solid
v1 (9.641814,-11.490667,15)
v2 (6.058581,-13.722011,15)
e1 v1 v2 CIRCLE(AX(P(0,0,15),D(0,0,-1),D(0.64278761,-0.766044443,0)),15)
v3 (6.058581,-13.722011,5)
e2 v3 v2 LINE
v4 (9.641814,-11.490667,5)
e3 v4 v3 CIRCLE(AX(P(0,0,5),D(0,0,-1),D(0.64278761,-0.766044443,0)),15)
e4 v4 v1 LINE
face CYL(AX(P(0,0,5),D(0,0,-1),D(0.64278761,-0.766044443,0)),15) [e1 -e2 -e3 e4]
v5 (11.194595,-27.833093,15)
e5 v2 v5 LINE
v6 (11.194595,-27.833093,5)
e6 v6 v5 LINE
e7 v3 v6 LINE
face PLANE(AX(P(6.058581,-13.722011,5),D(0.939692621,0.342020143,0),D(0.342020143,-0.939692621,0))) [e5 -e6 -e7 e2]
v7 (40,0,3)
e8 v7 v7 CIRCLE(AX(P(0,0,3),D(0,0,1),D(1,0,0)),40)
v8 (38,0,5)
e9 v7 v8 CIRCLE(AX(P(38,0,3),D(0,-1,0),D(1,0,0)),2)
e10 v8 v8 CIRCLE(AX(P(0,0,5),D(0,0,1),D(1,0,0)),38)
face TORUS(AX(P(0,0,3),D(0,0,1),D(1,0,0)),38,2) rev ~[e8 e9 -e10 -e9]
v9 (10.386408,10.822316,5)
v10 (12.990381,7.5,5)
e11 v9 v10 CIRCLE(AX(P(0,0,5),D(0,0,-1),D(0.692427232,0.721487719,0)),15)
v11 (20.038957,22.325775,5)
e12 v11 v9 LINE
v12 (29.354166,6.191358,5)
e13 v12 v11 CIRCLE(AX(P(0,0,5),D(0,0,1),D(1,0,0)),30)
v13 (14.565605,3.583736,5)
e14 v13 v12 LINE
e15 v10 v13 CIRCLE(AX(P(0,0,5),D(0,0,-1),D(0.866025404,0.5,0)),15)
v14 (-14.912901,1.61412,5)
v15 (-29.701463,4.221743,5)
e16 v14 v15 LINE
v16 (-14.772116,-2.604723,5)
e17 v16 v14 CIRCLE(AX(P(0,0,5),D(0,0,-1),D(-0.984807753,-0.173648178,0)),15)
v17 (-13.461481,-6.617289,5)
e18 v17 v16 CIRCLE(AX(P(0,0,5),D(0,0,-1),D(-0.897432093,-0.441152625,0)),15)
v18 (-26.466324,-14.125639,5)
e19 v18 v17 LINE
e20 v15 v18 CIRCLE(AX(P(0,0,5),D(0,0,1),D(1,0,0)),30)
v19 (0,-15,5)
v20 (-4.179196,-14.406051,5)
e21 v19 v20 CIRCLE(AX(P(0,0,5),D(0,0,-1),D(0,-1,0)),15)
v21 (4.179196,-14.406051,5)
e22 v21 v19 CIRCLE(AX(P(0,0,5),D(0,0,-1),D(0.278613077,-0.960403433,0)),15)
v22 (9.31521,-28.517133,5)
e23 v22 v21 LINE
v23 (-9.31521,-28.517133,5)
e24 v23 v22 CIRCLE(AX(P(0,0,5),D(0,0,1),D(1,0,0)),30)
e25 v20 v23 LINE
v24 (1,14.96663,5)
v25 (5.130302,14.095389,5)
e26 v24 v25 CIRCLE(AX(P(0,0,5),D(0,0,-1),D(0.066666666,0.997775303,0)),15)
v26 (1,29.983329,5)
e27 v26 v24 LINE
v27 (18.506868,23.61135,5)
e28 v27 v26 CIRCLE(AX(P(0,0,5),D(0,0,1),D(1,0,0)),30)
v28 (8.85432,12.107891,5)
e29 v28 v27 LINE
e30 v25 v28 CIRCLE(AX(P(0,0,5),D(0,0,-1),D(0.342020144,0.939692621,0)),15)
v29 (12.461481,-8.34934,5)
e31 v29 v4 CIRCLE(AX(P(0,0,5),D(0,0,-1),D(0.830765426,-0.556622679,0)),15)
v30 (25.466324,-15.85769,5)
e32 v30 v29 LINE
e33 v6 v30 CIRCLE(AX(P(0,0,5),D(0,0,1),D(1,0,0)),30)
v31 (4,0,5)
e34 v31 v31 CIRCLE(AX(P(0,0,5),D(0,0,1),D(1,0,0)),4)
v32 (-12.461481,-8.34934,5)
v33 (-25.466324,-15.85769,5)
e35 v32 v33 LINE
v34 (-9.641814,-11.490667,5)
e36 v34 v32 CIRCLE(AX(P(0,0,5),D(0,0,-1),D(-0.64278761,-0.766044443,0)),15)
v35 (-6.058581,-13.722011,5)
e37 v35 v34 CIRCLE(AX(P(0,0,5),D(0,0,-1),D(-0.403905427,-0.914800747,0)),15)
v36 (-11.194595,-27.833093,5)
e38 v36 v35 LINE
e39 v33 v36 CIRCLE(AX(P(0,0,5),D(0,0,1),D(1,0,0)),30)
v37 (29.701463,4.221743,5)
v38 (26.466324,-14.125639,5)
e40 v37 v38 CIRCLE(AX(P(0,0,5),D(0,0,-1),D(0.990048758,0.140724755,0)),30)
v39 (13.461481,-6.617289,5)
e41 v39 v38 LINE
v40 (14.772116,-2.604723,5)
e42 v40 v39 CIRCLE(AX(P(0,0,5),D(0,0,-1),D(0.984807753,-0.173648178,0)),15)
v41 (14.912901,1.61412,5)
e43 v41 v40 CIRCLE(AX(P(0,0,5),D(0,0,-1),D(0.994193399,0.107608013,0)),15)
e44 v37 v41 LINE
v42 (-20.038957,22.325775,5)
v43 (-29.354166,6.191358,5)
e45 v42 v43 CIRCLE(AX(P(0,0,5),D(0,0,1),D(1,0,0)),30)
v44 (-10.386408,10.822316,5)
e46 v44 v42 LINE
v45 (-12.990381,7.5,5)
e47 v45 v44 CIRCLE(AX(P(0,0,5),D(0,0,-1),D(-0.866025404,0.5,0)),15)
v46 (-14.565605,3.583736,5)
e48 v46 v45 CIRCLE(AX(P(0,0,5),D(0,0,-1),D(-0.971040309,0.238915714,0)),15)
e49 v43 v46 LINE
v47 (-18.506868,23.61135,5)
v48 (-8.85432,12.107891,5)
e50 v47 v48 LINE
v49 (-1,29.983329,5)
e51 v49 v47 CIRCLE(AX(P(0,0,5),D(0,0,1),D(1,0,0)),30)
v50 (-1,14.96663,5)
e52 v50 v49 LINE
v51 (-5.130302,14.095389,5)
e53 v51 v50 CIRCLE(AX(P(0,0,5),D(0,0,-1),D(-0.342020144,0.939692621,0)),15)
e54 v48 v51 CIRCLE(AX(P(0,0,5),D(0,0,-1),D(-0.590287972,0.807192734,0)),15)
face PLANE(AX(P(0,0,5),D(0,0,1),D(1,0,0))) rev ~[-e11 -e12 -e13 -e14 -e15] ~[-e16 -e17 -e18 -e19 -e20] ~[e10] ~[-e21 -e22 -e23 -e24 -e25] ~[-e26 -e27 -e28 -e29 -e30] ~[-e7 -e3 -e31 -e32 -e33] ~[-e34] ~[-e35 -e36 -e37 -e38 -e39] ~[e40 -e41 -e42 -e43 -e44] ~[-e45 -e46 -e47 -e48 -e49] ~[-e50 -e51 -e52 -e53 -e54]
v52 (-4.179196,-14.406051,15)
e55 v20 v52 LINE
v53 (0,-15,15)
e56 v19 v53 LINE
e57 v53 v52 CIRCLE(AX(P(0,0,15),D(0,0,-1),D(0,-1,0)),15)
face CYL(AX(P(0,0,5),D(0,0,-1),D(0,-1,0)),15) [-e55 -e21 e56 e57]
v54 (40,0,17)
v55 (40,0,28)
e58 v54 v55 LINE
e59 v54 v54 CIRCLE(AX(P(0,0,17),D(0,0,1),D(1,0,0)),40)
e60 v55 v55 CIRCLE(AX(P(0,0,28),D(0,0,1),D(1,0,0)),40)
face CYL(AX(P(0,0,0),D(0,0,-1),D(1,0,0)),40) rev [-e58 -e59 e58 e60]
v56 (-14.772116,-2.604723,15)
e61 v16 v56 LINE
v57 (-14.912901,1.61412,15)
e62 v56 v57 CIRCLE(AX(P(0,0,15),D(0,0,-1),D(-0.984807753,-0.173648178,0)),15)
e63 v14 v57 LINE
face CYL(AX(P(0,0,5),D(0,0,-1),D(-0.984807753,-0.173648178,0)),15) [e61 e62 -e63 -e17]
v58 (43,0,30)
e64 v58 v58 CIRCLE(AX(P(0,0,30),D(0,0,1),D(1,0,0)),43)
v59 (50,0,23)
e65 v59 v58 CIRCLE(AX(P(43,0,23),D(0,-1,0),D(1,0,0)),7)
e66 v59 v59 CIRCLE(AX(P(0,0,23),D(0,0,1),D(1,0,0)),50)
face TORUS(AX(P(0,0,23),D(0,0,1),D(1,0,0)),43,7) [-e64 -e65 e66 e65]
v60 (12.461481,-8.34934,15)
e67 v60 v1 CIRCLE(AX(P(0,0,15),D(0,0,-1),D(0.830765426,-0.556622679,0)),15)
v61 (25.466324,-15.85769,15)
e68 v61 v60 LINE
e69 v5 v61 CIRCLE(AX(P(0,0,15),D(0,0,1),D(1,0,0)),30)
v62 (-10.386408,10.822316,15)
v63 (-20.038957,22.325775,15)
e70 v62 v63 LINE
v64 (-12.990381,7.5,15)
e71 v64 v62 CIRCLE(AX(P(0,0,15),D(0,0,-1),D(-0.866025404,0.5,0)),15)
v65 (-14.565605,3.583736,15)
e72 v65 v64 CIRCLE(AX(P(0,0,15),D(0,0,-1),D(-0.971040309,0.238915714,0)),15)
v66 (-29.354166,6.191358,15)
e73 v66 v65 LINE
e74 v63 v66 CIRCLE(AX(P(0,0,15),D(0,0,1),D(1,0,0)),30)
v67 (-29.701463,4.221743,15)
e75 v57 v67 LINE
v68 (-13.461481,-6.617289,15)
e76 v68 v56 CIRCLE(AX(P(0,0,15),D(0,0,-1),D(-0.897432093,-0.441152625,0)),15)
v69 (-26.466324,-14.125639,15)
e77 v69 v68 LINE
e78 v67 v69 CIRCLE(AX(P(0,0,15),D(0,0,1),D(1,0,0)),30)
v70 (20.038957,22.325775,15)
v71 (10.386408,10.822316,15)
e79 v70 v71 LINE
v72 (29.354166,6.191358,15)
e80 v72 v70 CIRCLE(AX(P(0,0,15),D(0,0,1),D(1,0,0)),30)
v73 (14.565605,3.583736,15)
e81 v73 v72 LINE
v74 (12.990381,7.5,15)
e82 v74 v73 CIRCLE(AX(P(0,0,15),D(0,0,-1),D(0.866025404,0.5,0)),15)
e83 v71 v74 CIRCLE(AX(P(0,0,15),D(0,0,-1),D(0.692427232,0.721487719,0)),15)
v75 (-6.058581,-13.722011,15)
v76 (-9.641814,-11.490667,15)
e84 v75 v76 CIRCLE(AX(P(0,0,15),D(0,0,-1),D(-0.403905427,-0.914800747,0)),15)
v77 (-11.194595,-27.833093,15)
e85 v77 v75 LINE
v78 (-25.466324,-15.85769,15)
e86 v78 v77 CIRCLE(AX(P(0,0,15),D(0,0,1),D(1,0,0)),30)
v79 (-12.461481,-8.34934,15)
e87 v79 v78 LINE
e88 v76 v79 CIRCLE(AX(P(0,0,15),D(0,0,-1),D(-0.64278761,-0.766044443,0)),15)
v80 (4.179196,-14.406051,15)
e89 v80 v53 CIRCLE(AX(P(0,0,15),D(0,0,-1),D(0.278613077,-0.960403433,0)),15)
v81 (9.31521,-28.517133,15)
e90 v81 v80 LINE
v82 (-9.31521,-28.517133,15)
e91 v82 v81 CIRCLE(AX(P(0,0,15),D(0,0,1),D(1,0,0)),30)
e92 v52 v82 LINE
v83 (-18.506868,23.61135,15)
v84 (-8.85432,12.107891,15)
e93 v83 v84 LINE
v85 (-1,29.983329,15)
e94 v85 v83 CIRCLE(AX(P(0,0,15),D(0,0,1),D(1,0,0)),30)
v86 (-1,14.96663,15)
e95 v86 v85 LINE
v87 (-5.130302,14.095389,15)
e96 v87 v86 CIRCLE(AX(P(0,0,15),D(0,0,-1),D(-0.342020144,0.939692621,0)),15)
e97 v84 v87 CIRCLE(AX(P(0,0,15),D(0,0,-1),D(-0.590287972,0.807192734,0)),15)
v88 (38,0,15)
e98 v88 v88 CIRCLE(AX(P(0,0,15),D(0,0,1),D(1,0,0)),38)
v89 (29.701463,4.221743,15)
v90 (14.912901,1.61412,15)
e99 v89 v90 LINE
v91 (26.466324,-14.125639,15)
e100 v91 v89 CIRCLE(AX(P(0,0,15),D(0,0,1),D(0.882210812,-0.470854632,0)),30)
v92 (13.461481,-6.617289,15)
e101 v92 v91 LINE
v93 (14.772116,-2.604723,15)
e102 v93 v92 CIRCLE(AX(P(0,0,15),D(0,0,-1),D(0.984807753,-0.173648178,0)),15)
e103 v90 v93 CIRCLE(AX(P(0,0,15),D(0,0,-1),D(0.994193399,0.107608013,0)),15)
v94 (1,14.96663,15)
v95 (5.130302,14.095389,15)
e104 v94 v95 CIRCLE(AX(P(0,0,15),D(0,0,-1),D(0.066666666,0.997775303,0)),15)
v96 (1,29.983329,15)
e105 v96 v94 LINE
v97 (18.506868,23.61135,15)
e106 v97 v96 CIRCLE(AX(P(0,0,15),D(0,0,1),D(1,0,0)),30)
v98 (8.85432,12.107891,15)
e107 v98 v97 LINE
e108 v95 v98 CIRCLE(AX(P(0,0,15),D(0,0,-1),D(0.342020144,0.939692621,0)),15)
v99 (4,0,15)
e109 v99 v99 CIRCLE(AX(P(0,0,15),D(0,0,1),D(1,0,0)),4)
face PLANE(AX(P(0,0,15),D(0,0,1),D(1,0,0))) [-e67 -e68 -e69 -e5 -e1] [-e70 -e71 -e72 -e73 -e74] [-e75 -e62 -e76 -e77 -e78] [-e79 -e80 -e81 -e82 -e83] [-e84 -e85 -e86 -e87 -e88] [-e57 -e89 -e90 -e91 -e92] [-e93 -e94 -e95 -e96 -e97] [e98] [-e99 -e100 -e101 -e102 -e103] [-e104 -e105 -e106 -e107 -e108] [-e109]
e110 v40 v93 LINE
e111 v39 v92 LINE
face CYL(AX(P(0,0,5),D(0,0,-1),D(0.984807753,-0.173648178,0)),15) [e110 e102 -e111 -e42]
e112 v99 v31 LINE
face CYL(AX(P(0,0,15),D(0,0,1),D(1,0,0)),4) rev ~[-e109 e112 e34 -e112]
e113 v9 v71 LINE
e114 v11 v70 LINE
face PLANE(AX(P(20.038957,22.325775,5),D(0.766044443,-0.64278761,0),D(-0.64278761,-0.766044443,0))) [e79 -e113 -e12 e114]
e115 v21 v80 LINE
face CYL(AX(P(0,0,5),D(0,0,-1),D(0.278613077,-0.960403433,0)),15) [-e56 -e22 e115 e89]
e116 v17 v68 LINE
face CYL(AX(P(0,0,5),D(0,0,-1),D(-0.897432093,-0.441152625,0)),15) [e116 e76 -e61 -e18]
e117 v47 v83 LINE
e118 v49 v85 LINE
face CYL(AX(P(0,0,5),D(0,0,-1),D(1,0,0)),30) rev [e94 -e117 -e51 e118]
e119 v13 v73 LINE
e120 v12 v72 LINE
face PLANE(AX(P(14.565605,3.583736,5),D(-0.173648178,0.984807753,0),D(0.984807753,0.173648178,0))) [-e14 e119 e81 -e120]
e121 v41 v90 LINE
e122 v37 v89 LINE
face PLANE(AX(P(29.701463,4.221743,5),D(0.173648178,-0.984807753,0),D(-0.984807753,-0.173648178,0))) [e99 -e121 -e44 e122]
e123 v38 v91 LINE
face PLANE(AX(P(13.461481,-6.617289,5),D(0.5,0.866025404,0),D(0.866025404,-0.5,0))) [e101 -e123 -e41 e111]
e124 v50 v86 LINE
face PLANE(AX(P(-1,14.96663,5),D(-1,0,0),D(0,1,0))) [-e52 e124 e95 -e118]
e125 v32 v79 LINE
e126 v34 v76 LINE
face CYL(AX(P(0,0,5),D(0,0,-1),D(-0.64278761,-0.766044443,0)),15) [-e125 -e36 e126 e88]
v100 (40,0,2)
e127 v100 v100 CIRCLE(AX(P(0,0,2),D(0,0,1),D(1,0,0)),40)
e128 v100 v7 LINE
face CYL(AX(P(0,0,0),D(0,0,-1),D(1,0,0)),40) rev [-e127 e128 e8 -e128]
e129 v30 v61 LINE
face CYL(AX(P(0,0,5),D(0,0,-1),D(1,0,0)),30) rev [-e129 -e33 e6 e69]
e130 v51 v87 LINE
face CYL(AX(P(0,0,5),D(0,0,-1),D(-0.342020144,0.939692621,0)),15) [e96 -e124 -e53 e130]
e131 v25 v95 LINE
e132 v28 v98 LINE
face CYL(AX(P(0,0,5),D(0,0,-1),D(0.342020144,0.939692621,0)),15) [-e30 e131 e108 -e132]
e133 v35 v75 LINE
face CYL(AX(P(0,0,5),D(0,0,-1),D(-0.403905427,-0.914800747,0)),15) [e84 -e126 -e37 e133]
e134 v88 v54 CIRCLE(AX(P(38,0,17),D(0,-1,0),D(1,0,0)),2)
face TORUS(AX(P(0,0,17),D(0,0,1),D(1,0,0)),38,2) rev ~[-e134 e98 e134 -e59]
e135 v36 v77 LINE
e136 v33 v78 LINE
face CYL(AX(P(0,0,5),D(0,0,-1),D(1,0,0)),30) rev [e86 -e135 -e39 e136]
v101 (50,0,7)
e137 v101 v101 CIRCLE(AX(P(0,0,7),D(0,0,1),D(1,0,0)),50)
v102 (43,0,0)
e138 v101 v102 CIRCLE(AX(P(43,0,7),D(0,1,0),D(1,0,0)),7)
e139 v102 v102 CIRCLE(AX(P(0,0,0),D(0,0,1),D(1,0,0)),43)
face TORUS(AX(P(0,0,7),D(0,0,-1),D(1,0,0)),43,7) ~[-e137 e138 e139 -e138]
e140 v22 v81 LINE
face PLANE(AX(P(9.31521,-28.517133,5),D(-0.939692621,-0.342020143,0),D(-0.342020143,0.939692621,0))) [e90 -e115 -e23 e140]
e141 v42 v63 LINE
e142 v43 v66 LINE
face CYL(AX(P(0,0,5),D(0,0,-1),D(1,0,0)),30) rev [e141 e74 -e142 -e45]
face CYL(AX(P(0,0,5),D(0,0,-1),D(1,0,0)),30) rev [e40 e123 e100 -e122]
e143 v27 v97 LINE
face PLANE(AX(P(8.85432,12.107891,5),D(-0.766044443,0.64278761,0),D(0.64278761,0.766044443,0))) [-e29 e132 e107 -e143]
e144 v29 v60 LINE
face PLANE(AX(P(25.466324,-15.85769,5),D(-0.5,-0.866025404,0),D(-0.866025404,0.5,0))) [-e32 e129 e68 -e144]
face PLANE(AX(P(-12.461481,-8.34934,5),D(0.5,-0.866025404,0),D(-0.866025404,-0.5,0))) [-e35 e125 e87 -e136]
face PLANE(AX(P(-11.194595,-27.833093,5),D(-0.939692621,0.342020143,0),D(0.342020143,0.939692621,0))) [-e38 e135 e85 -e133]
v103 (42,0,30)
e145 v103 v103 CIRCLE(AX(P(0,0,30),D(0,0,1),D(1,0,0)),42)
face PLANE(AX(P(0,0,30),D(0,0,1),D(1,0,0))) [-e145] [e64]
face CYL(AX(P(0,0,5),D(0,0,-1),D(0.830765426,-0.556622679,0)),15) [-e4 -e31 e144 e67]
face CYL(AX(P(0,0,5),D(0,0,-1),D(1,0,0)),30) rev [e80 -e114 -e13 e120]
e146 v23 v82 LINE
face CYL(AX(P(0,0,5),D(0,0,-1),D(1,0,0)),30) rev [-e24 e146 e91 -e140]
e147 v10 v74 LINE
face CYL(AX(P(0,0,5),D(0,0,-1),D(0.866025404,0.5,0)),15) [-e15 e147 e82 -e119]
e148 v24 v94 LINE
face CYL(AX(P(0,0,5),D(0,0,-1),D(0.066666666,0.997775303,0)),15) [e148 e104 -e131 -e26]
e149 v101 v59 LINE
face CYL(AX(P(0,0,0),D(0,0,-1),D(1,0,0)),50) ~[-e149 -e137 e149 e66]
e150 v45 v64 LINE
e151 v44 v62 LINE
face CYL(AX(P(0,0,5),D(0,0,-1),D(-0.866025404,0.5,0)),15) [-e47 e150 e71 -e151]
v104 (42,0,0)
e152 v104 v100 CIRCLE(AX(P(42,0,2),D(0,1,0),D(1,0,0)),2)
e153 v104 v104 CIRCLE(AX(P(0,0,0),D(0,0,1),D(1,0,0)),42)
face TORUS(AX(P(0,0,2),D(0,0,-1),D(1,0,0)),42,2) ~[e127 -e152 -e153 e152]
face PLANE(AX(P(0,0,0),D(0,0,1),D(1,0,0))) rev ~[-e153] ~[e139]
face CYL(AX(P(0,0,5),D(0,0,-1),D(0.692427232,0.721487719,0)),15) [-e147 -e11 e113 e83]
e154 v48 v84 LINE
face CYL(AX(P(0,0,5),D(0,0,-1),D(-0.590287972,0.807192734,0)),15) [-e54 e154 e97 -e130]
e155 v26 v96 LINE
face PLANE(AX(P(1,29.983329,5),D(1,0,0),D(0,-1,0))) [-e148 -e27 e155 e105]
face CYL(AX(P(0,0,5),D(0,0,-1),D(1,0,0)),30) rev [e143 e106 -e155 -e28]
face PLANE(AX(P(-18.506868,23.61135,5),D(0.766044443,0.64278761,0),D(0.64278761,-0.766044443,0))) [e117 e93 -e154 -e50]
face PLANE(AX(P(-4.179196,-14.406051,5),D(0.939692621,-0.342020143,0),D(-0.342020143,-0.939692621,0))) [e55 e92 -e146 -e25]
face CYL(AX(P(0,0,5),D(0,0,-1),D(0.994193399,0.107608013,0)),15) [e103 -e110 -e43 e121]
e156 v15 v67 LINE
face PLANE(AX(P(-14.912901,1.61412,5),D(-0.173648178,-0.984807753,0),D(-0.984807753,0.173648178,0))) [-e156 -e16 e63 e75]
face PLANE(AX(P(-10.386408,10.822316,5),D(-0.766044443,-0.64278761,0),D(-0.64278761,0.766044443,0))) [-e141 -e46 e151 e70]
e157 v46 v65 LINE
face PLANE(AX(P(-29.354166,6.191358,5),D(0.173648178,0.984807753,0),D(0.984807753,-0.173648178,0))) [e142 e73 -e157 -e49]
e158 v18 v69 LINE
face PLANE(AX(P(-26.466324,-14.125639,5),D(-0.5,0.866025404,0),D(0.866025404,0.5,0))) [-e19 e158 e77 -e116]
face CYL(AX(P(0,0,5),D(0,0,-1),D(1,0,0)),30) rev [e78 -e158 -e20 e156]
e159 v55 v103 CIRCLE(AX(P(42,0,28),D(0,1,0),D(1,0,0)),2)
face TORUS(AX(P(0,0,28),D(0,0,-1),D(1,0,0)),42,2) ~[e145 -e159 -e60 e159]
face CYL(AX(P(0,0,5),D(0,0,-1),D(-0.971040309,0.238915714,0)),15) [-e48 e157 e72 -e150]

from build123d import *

# Parameters (mm, degrees)
SKETCH1_R           = 50
SKETCH1_R_2         = 40
BOSS_EXTRUDE1_DEPTH = 30
FILLET1_R           = 7
BOSS_EXTRUDE2_START = 5
BOSS_EXTRUDE2_DEPTH = 10
BOSS_EXTRUDE3_START = -10
SKETCH4_R           = 40
SKETCH4_R_2         = 30
BOSS_EXTRUDE3_DEPTH = 10
FILLET2_R           = 2
SKETCH5_R           = 4
CUT_EXTRUDE1_DEPTH  = 10


with BuildPart() as part:
    # Sketch1 → Boss-Extrude1 (new body)
    with BuildSketch(Plane.XY):
        Circle(SKETCH1_R)
        Circle(SKETCH1_R_2, mode=Mode.SUBTRACT)
    extrude(amount=BOSS_EXTRUDE1_DEPTH)

    # Fillet1
    fillet1_edges = [part.edges().sort_by_distance(p)[0] for p in [
        (-50, 0, 0),
        (-50, 0, 30),
    ]]
    fillet(fillet1_edges, radius=FILLET1_R)



with BuildPart() as body_2:
    # Sketch3 → Boss-Extrude2 (new body)
    with BuildSketch(Plane.XY.offset(BOSS_EXTRUDE2_START)):
        with BuildLine():
            Line((-1, 14.966629547), (-1, 29.983328701))
            ThreePointArc((-1, 29.983328701), (0, 30), (1, 29.983328701))
            Line((1, 29.983328701), (1, 14.966629547))
            ThreePointArc((1, 14.966629547), (3.09595155, 14.677025721), (5.13030215, 14.095389312))
            ThreePointArc((5.13030215, 14.095389312), (7.062573799, 13.233293291), (8.854319589, 12.107891006))
            Line((8.854319589, 12.107891006), (18.506867743, 23.611349947))
            ThreePointArc((18.506867743, 23.611349947), (19.283628291, 22.981333294), (20.038956629, 22.325774728))
            Line((20.038956629, 22.325774728), (10.386408475, 10.822315787))
            ThreePointArc((10.386408475, 10.822315787), (11.805846761, 9.253214698), (12.990381057, 7.5))
            ThreePointArc((12.990381057, 7.5), (13.916442376, 5.597555859), (14.565604637, 3.5837357))
            Line((14.565604637, 3.5837357), (29.354166388, 6.191358142))
            ThreePointArc((29.354166388, 6.191358142), (29.54423259, 5.20944533), (29.701462744, 4.221742636))
            Line((29.701462744, 4.221742636), (14.912900992, 1.614120194))
            ThreePointArc((14.912900992, 1.614120194), (14.991655066, -0.500278319), (14.772116295, -2.604722665))
            ThreePointArc((14.772116295, -2.604722665), (14.258652901, -4.657340169), (13.461481397, -6.61728937))
            Line((13.461481397, -6.61728937), (26.466324345, -14.125638947))
            ThreePointArc((26.466324345, -14.125638947), (25.980762114, -15), (25.466324345, -15.857689754))
            Line((25.466324345, -15.857689754), (12.461481397, -8.349340177))
            ThreePointArc((12.461481397, -8.349340177), (11.162701351, -10.019685551), (9.641814145, -11.490666647))
            ThreePointArc((9.641814145, -11.490666647), (7.929081266, -12.733014972), (6.058581404, -13.7220112))
            Line((6.058581404, -13.7220112), (11.194595001, -27.833092584))
            ThreePointArc((11.194595001, -27.833092584), (10.2606043, -28.190778624), (9.315209759, -28.51713287))
            Line((9.315209759, -28.51713287), (4.179196162, -14.406051487))
            ThreePointArc((4.179196162, -14.406051487), (2.110595615, -14.850770557), (0, -15))
            ThreePointArc((0, -15), (-2.110595615, -14.850770557), (-4.179196162, -14.406051487))
            Line((-4.179196162, -14.406051487), (-9.315209759, -28.51713287))
            ThreePointArc((-9.315209759, -28.51713287), (-10.2606043, -28.190778624), (-11.194595001, -27.833092584))
            Line((-11.194595001, -27.833092584), (-6.058581404, -13.7220112))
            ThreePointArc((-6.058581404, -13.7220112), (-7.929081266, -12.733014972), (-9.641814145, -11.490666647))
            ThreePointArc((-9.641814145, -11.490666647), (-11.162701351, -10.019685551), (-12.461481397, -8.349340177))
            Line((-12.461481397, -8.349340177), (-25.466324345, -15.857689754))
            ThreePointArc((-25.466324345, -15.857689754), (-25.980762114, -15), (-26.466324345, -14.125638947))
            Line((-26.466324345, -14.125638947), (-13.461481397, -6.61728937))
            ThreePointArc((-13.461481397, -6.61728937), (-14.258652901, -4.657340169), (-14.772116295, -2.604722665))
            ThreePointArc((-14.772116295, -2.604722665), (-14.991655066, -0.500278319), (-14.912900992, 1.614120194))
            Line((-14.912900992, 1.614120194), (-29.701462744, 4.221742636))
            ThreePointArc((-29.701462744, 4.221742636), (-29.54423259, 5.20944533), (-29.354166388, 6.191358142))
            Line((-29.354166388, 6.191358142), (-14.565604637, 3.5837357))
            ThreePointArc((-14.565604637, 3.5837357), (-13.916442376, 5.597555859), (-12.990381057, 7.5))
            ThreePointArc((-12.990381057, 7.5), (-11.805846761, 9.253214698), (-10.386408475, 10.822315787))
            Line((-10.386408475, 10.822315787), (-20.038956629, 22.325774728))
            ThreePointArc((-20.038956629, 22.325774728), (-19.283628291, 22.981333294), (-18.506867743, 23.611349947))
            Line((-18.506867743, 23.611349947), (-8.854319589, 12.107891006))
            ThreePointArc((-8.854319589, 12.107891006), (-7.062573799, 13.233293291), (-5.13030215, 14.095389312))
            ThreePointArc((-5.13030215, 14.095389312), (-3.09595155, 14.677025721), (-1, 14.966629547))
        make_face()
    extrude(amount=BOSS_EXTRUDE2_DEPTH)


with BuildPart() as part_1:
    add(part.part)

    add(body_2.part)  # Boss-Extrude3 merges body 2
    # Sketch4 → Boss-Extrude3 (add)
    with BuildSketch(Plane.XY.offset(15).offset(BOSS_EXTRUDE3_START)):
        Circle(SKETCH4_R)
        Circle(SKETCH4_R_2, mode=Mode.SUBTRACT)
    extrude(amount=BOSS_EXTRUDE3_DEPTH)

    # Fillet2
    fillet2_edges = [part_1.edges().sort_by_distance(p)[0] for p in [
        (-40, 0, 15),
        (-40, 0, 5),
        (-40, 0, 0),
        (-40, 0, 30),
    ]]
    fillet(fillet2_edges, radius=FILLET2_R)

    # Sketch5 → Cut-Extrude1 (cut)
    with BuildSketch(Plane.XY.offset(15)):
        Circle(SKETCH5_R)
    extrude(amount=-CUT_EXTRUDE1_DEPTH, mode=Mode.SUBTRACT)


solid = part_1.part
